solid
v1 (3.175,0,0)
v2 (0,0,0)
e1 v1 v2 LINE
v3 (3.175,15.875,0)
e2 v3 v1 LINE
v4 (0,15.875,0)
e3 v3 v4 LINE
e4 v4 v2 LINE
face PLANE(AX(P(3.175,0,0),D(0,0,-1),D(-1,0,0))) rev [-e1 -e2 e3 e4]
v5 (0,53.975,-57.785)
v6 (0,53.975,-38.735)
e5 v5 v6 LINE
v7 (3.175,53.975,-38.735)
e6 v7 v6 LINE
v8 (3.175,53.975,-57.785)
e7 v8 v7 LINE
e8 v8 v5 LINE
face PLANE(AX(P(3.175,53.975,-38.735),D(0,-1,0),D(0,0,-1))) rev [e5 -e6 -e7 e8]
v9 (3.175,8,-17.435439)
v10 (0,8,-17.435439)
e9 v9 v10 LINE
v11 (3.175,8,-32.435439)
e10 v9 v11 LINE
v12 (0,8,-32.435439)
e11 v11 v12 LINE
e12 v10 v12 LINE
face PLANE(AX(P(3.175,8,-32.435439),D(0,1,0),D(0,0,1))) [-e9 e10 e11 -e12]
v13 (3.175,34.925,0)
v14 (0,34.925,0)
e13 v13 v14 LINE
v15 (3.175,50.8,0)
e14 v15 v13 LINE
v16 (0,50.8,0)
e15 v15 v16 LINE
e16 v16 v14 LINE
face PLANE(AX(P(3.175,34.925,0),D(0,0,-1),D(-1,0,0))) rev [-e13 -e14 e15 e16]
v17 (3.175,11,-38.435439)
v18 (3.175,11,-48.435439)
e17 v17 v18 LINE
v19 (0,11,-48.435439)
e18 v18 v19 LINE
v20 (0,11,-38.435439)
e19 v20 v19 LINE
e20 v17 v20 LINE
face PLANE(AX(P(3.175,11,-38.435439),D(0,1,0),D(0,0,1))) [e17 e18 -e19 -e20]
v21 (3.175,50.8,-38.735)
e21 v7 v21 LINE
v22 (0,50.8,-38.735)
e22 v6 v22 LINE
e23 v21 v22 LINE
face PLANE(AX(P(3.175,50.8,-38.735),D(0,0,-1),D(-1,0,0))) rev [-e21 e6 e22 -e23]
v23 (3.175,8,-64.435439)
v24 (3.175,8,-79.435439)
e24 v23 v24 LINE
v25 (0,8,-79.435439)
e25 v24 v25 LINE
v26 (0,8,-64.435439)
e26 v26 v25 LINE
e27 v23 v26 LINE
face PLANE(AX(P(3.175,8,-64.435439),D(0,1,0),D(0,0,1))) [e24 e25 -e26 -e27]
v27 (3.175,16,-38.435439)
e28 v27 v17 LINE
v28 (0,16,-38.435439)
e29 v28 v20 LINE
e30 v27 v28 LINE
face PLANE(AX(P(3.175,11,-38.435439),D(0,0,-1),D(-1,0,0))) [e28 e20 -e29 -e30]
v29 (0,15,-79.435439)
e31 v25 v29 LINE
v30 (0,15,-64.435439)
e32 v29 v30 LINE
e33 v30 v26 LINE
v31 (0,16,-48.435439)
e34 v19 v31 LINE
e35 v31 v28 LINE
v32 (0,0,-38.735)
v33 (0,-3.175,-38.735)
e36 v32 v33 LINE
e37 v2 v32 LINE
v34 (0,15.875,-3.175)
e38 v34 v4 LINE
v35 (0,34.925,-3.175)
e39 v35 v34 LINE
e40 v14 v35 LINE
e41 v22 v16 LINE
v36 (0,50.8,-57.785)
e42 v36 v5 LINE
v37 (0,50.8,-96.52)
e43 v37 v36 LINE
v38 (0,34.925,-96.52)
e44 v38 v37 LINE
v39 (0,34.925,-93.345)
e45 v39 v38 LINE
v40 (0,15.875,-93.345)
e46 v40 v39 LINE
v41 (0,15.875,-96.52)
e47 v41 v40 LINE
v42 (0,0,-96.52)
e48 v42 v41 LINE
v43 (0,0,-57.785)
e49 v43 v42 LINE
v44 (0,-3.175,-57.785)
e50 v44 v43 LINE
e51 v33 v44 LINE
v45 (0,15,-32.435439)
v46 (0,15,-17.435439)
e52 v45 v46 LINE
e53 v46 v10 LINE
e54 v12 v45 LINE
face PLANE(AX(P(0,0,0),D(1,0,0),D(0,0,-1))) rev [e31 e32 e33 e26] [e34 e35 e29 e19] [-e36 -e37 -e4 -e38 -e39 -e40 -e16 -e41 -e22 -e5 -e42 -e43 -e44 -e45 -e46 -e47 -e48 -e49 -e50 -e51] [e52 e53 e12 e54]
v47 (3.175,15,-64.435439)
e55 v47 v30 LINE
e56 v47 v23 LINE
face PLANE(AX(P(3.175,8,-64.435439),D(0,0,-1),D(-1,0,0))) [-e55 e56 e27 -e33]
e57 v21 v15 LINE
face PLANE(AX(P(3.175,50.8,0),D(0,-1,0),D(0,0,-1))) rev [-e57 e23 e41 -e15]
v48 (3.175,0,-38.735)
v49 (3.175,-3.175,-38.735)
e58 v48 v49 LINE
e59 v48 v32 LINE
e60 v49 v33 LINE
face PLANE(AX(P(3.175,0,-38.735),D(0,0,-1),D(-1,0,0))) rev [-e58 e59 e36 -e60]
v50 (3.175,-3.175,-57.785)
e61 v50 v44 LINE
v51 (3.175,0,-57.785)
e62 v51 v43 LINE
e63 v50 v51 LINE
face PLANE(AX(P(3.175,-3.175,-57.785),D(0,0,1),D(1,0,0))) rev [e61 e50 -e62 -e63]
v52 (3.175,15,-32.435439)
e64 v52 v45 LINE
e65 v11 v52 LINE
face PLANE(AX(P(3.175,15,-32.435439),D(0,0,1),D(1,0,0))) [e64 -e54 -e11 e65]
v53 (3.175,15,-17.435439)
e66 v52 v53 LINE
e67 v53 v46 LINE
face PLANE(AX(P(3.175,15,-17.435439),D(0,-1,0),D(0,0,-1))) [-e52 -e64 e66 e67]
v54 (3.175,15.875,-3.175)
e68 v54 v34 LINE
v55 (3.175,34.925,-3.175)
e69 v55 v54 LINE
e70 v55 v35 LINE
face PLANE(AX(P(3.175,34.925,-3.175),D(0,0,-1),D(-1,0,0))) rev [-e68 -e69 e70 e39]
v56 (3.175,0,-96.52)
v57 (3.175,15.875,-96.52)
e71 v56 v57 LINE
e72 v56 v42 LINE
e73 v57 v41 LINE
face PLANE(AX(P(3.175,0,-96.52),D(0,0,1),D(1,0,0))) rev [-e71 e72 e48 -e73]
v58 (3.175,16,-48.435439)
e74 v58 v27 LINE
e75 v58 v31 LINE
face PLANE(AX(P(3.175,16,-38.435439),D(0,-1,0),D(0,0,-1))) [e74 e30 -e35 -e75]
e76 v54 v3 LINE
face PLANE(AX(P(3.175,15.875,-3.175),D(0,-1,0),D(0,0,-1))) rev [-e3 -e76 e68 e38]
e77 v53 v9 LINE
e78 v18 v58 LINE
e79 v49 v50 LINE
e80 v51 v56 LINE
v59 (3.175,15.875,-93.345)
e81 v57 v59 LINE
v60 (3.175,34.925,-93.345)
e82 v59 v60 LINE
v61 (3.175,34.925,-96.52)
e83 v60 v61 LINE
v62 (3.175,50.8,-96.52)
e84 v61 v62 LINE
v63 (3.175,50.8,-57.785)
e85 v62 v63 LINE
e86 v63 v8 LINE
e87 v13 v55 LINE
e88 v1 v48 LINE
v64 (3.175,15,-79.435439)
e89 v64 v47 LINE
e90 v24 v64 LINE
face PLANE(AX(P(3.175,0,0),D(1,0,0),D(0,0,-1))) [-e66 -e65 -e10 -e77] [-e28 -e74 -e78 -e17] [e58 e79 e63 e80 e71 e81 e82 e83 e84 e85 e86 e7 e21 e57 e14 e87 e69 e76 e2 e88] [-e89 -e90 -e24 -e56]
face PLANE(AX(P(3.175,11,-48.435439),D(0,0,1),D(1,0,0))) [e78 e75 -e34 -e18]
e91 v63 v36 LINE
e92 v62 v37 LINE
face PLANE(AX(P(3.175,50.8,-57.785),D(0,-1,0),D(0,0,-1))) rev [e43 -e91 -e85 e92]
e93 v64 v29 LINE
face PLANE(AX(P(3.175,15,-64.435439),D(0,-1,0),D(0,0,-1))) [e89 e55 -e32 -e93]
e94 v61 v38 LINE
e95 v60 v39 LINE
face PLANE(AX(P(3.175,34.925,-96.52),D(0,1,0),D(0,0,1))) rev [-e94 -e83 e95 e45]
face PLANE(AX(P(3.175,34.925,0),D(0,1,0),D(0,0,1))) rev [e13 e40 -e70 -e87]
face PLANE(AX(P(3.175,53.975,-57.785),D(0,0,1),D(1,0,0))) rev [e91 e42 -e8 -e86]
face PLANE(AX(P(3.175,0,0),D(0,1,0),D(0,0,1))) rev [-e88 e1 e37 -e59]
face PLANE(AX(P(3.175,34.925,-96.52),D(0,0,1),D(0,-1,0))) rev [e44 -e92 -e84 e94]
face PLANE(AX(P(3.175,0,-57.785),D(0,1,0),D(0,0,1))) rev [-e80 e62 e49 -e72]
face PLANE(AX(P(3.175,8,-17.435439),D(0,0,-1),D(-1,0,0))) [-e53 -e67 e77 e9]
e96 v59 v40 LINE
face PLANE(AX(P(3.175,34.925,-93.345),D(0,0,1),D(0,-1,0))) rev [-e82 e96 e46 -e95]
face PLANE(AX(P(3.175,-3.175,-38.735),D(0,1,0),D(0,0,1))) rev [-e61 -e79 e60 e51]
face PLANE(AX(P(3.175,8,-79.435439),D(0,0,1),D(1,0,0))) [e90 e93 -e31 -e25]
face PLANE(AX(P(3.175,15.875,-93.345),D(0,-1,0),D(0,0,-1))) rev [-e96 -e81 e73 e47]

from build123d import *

# Parameters (mm, degrees)
SKETCH1_W           = 15
SKETCH1_H           = 7
SKETCH1_W_2         = 10
SKETCH1_H_2         = 5
BOSS_EXTRUDE1_DEPTH = 3.175


with BuildPart() as part:
    # Sketch1 → Boss-Extrude1 (new body)
    with BuildSketch(Plane(origin=(0, 0, 0), x_dir=(0, 0, -1), z_dir=(1, 0, 0))):
        Polygon((0, 0), (38.735, 0), (38.735, -3.175), (57.785, -3.175), (57.785, 0), (96.52, 0), (96.52, 15.875), (93.345, 15.875), (93.345, 34.925), (96.52, 34.925), (96.52, 50.8), (57.785, 50.8), (57.785, 53.975), (38.735, 53.975), (38.735, 50.8), (0, 50.8), (0, 34.925), (3.175, 34.925), (3.175, 15.875), (0, 15.875), align=None)
        with Locations((24.935438503, 11.5)):
            Rectangle(SKETCH1_W, SKETCH1_H, mode=Mode.SUBTRACT)
        with Locations((43.435438503, 13.5)):
            Rectangle(SKETCH1_W_2, SKETCH1_H_2, mode=Mode.SUBTRACT)
        with Locations((71.935438503, 11.5)):
            Rectangle(SKETCH1_W, SKETCH1_H, mode=Mode.SUBTRACT)
    extrude(amount=BOSS_EXTRUDE1_DEPTH)


solid = part.part
